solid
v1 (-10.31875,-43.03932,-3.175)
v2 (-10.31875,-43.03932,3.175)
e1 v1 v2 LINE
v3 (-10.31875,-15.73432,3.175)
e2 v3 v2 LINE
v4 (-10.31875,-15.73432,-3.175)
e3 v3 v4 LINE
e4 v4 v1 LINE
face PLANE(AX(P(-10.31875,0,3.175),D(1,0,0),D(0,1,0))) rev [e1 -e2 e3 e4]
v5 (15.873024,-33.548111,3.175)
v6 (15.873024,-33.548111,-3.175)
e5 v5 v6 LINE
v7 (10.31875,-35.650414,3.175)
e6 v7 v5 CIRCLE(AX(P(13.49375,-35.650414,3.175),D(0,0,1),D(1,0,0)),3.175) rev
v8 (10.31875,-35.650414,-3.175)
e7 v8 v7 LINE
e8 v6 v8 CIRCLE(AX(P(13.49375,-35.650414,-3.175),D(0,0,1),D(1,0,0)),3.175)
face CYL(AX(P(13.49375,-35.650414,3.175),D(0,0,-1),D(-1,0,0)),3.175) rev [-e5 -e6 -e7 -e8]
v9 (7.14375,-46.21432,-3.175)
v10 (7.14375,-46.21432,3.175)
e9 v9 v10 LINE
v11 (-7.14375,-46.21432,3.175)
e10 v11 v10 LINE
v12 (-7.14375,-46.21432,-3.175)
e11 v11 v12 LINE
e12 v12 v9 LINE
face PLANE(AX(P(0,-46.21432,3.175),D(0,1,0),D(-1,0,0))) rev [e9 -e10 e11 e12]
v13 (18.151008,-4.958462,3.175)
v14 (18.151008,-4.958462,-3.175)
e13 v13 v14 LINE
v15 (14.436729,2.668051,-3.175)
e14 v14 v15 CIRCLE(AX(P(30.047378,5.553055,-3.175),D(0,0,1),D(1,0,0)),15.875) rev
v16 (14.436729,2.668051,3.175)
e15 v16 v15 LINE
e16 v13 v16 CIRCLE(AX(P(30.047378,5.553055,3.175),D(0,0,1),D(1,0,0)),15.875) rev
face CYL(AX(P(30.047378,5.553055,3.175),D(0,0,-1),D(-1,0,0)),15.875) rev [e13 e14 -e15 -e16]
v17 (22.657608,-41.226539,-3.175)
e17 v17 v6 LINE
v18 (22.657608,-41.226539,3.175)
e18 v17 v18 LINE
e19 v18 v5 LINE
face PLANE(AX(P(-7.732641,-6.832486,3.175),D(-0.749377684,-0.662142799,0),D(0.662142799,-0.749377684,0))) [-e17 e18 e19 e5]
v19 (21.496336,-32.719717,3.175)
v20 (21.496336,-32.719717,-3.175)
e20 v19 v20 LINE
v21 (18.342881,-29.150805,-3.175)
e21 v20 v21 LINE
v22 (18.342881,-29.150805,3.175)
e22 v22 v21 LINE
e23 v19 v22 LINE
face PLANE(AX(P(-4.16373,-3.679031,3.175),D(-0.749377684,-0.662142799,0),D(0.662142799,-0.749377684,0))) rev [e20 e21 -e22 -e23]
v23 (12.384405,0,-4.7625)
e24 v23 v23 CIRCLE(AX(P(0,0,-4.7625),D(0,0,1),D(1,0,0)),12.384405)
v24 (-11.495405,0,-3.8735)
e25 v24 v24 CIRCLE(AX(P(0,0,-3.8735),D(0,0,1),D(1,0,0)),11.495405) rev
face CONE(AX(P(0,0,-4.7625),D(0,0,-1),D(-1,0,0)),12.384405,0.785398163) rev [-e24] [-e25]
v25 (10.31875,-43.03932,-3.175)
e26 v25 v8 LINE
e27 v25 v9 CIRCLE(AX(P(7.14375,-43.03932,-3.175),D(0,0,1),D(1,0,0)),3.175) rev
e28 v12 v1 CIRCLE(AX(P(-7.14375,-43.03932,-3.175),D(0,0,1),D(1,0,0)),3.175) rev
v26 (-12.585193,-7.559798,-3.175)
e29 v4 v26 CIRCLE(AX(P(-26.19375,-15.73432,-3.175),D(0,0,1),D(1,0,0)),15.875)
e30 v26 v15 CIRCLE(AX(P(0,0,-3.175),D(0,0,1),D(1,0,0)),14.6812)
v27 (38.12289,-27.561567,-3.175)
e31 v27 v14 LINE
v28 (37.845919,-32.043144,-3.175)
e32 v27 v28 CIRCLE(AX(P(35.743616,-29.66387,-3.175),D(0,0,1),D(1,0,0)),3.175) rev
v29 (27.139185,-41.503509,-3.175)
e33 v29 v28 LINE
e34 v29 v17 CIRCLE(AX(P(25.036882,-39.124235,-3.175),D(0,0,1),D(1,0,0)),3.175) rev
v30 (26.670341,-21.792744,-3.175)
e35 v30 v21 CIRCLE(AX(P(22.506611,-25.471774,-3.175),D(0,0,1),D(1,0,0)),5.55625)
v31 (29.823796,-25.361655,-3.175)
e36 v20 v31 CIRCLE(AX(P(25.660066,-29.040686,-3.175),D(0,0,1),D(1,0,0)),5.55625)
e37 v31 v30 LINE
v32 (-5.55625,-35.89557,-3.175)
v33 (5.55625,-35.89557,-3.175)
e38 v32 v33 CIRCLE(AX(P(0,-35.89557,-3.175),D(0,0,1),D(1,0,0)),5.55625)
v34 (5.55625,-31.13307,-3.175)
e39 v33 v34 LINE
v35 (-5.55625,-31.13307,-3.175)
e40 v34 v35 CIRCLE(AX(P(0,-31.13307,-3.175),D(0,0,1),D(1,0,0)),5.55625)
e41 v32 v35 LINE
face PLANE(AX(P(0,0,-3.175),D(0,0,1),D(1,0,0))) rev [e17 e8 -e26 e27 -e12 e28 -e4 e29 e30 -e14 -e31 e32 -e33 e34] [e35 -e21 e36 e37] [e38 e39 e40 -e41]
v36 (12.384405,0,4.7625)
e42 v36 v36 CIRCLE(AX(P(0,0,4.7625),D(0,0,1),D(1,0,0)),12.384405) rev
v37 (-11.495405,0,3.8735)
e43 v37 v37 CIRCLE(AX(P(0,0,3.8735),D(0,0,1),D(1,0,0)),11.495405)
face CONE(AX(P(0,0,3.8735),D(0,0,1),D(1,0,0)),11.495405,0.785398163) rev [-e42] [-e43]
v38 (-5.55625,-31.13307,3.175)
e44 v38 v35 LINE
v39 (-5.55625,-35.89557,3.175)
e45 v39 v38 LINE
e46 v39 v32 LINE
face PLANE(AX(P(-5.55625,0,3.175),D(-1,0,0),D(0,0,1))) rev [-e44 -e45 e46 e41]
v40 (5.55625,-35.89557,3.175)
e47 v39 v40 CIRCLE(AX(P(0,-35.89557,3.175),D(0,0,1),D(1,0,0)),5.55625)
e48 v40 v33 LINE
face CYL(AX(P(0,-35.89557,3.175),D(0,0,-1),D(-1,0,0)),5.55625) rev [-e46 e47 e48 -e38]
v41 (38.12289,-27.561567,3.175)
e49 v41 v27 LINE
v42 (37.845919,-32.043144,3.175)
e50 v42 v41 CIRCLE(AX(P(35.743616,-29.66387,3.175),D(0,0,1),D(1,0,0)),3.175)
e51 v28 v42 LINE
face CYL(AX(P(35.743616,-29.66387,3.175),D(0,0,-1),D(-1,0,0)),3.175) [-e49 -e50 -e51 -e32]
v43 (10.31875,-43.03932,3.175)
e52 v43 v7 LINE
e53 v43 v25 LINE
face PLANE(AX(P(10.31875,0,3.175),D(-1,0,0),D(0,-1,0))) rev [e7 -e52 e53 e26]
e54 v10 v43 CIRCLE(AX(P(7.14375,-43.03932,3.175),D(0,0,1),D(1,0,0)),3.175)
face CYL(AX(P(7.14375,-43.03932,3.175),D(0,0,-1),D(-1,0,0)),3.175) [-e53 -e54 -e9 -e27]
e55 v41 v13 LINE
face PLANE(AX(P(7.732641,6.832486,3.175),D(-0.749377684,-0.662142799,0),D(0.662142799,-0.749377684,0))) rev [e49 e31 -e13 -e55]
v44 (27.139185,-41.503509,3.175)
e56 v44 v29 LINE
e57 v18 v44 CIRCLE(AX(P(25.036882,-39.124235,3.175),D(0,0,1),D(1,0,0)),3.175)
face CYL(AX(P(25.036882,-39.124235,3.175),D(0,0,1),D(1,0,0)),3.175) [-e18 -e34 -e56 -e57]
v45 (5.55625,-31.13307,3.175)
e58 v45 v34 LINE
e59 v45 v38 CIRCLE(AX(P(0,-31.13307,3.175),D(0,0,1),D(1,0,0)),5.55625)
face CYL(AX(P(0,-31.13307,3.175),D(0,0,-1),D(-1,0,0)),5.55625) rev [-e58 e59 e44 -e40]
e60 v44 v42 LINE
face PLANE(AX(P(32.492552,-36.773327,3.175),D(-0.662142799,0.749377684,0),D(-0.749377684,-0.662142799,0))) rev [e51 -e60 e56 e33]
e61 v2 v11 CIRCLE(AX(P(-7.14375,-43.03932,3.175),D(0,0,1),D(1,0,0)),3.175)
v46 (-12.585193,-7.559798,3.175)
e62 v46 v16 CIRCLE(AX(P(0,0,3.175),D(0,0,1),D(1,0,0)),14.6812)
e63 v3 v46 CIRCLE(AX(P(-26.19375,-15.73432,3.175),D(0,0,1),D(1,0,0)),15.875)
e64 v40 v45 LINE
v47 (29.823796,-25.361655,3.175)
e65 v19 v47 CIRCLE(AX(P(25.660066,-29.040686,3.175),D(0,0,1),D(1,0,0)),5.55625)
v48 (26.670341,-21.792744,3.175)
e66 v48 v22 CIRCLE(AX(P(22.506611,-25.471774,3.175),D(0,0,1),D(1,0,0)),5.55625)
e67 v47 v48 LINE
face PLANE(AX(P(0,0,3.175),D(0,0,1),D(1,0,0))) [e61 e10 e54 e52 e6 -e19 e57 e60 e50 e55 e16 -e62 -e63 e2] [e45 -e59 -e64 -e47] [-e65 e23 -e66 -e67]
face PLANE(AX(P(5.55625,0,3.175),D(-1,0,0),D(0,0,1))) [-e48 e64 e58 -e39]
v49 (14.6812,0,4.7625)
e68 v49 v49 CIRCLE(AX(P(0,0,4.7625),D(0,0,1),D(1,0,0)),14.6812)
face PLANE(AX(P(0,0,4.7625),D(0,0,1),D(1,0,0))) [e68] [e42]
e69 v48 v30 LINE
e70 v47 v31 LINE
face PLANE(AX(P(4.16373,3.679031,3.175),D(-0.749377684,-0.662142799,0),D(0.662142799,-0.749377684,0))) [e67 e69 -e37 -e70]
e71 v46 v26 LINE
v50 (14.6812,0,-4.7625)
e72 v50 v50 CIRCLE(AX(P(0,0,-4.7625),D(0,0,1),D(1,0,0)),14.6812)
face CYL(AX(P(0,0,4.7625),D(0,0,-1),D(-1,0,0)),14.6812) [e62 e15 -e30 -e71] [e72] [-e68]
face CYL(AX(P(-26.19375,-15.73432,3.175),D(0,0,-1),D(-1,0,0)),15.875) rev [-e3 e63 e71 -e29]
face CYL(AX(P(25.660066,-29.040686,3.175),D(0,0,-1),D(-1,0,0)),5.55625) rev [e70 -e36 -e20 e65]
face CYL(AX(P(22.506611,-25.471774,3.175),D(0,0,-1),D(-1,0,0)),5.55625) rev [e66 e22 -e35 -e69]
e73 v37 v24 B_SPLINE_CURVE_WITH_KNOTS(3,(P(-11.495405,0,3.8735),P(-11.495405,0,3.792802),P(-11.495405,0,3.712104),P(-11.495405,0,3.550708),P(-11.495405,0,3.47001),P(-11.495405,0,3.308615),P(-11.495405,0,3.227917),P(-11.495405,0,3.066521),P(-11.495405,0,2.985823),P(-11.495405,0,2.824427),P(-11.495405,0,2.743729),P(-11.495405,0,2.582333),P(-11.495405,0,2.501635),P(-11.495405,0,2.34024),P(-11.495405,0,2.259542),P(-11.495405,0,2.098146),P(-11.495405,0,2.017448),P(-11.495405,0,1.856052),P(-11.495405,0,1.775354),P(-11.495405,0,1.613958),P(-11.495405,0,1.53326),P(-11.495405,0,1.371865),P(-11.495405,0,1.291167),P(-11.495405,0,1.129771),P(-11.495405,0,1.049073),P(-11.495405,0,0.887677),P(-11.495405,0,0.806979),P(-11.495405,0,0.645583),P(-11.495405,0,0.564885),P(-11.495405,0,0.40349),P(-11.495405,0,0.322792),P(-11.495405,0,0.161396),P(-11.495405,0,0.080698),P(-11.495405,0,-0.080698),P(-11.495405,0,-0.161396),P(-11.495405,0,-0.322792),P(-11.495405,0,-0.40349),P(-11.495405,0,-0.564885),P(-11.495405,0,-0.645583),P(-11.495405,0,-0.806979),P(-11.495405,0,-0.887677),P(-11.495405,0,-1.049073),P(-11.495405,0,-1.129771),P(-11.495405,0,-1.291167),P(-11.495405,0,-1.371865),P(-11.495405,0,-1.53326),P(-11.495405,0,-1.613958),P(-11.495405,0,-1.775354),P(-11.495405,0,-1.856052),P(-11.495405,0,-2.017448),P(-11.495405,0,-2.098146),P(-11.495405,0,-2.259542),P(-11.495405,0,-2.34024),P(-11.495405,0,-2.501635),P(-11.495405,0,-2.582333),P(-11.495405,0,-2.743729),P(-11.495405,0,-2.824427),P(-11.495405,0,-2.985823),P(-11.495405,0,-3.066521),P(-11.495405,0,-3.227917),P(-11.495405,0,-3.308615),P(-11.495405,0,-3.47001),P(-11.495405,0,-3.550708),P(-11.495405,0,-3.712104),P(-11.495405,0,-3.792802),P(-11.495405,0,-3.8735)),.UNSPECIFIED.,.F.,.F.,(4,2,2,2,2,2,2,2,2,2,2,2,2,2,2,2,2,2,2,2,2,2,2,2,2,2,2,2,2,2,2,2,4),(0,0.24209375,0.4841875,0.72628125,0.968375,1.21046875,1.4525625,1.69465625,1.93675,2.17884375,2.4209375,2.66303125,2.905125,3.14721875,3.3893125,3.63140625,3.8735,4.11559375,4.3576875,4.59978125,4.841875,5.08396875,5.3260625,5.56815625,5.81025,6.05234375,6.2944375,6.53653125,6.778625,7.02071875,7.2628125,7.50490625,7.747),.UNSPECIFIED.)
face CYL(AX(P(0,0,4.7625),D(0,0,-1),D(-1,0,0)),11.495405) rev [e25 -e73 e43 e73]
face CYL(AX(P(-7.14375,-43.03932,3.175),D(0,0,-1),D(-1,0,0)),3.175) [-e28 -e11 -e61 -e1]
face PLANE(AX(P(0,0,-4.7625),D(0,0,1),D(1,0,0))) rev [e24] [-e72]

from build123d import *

# Parameters (mm, degrees)
SKETCH1_R           = 11.495405
BOSS_EXTRUDE2_DEPTH = 4.7625
BOSS_EXTRUDE3_DEPTH = 3.175
FILLET1_R           = 3.175
CHAMFER1_SIZE       = 0.889


with BuildPart() as part:
    # Sketch1 → Boss-Extrude2 (new, symmetric)
    with BuildSketch(Plane.XY):
        with BuildLine():
            ThreePointArc((14.43672871, 2.668051275), (-5.197044393, 13.730563099), (-12.585193267, -7.559797873))
            ThreePointArc((-12.585193267, -7.559797873), (5.197044393, -13.730563099), (14.43672871, 2.668051275))
        make_face()
        Circle(SKETCH1_R, mode=Mode.SUBTRACT)
    extrude(amount=BOSS_EXTRUDE2_DEPTH, both=True)

    # Sketch1<4> → Boss-Extrude3 (add, symmetric)
    with BuildSketch(Plane.XY):
        with BuildLine():
            ThreePointArc((-12.585193267, -7.559797873), (-10.89585042, -11.492870345), (-10.31875, -15.734319794))
            Line((-10.31875, -15.734319794), (-10.31875, -46.214319794))
            Line((-10.31875, -46.214319794), (10.31875, -46.214319794))
            Line((10.31875, -46.214319794), (10.31875, -27.262081536))
            Line((10.31875, -27.262081536), (24.759911139, -43.605812684))
            Line((24.759911139, -43.605812684), (40.225193096, -29.940840667))
            Line((40.225193096, -29.940840667), (18.15100753, -4.958462121))
            ThreePointArc((18.15100753, -4.958462121), (15.775028495, -1.397891668), (14.43672871, 2.668051275))
            ThreePointArc((14.43672871, 2.668051275), (5.197044393, -13.730563099), (-12.585193267, -7.559797873))
        make_face()
        with BuildLine():
            ThreePointArc((5.55625, -35.895569794), (0, -41.451819794), (-5.55625, -35.895569794))
            Line((-5.55625, -35.895569794), (-5.55625, -31.133069794))
            ThreePointArc((-5.55625, -31.133069794), (0, -25.576819794), (5.55625, -31.133069794))
            Line((5.55625, -31.133069794), (5.55625, -35.895569794))
        make_face(mode=Mode.SUBTRACT)
        with BuildLine():
            ThreePointArc((29.823795866, -25.361654769), (29.339097036, -33.204415455), (21.496336351, -32.719716625))
            Line((21.496336351, -32.719716625), (18.34288127, -29.150805404))
            ThreePointArc((18.34288127, -29.150805404), (18.8275801, -21.308044718), (26.670340785, -21.792743548))
            Line((26.670340785, -21.792743548), (29.823795866, -25.361654769))
        make_face(mode=Mode.SUBTRACT)
    extrude(amount=BOSS_EXTRUDE3_DEPTH, both=True)

    # Fillet1
    fillet1_edges = [part.edges().sort_by_distance(p)[0] for p in [
        (-10.31875, -46.214319794, 0),
        (40.225193096, -29.940840667, 0),
        (10.31875, -27.262081536, 0),
        (24.759911139, -43.605812684, 0),
        (10.31875, -46.214319794, 0),
    ]]
    fillet(fillet1_edges, radius=FILLET1_R)

    # Chamfer1
    chamfer1_edges = [part.edges().sort_by_distance(p)[0] for p in [
        (-11.495405, 0, 4.7625),
        (-11.495405, 0, -4.7625),
    ]]
    chamfer(chamfer1_edges, length=CHAMFER1_SIZE)


solid = part.part
